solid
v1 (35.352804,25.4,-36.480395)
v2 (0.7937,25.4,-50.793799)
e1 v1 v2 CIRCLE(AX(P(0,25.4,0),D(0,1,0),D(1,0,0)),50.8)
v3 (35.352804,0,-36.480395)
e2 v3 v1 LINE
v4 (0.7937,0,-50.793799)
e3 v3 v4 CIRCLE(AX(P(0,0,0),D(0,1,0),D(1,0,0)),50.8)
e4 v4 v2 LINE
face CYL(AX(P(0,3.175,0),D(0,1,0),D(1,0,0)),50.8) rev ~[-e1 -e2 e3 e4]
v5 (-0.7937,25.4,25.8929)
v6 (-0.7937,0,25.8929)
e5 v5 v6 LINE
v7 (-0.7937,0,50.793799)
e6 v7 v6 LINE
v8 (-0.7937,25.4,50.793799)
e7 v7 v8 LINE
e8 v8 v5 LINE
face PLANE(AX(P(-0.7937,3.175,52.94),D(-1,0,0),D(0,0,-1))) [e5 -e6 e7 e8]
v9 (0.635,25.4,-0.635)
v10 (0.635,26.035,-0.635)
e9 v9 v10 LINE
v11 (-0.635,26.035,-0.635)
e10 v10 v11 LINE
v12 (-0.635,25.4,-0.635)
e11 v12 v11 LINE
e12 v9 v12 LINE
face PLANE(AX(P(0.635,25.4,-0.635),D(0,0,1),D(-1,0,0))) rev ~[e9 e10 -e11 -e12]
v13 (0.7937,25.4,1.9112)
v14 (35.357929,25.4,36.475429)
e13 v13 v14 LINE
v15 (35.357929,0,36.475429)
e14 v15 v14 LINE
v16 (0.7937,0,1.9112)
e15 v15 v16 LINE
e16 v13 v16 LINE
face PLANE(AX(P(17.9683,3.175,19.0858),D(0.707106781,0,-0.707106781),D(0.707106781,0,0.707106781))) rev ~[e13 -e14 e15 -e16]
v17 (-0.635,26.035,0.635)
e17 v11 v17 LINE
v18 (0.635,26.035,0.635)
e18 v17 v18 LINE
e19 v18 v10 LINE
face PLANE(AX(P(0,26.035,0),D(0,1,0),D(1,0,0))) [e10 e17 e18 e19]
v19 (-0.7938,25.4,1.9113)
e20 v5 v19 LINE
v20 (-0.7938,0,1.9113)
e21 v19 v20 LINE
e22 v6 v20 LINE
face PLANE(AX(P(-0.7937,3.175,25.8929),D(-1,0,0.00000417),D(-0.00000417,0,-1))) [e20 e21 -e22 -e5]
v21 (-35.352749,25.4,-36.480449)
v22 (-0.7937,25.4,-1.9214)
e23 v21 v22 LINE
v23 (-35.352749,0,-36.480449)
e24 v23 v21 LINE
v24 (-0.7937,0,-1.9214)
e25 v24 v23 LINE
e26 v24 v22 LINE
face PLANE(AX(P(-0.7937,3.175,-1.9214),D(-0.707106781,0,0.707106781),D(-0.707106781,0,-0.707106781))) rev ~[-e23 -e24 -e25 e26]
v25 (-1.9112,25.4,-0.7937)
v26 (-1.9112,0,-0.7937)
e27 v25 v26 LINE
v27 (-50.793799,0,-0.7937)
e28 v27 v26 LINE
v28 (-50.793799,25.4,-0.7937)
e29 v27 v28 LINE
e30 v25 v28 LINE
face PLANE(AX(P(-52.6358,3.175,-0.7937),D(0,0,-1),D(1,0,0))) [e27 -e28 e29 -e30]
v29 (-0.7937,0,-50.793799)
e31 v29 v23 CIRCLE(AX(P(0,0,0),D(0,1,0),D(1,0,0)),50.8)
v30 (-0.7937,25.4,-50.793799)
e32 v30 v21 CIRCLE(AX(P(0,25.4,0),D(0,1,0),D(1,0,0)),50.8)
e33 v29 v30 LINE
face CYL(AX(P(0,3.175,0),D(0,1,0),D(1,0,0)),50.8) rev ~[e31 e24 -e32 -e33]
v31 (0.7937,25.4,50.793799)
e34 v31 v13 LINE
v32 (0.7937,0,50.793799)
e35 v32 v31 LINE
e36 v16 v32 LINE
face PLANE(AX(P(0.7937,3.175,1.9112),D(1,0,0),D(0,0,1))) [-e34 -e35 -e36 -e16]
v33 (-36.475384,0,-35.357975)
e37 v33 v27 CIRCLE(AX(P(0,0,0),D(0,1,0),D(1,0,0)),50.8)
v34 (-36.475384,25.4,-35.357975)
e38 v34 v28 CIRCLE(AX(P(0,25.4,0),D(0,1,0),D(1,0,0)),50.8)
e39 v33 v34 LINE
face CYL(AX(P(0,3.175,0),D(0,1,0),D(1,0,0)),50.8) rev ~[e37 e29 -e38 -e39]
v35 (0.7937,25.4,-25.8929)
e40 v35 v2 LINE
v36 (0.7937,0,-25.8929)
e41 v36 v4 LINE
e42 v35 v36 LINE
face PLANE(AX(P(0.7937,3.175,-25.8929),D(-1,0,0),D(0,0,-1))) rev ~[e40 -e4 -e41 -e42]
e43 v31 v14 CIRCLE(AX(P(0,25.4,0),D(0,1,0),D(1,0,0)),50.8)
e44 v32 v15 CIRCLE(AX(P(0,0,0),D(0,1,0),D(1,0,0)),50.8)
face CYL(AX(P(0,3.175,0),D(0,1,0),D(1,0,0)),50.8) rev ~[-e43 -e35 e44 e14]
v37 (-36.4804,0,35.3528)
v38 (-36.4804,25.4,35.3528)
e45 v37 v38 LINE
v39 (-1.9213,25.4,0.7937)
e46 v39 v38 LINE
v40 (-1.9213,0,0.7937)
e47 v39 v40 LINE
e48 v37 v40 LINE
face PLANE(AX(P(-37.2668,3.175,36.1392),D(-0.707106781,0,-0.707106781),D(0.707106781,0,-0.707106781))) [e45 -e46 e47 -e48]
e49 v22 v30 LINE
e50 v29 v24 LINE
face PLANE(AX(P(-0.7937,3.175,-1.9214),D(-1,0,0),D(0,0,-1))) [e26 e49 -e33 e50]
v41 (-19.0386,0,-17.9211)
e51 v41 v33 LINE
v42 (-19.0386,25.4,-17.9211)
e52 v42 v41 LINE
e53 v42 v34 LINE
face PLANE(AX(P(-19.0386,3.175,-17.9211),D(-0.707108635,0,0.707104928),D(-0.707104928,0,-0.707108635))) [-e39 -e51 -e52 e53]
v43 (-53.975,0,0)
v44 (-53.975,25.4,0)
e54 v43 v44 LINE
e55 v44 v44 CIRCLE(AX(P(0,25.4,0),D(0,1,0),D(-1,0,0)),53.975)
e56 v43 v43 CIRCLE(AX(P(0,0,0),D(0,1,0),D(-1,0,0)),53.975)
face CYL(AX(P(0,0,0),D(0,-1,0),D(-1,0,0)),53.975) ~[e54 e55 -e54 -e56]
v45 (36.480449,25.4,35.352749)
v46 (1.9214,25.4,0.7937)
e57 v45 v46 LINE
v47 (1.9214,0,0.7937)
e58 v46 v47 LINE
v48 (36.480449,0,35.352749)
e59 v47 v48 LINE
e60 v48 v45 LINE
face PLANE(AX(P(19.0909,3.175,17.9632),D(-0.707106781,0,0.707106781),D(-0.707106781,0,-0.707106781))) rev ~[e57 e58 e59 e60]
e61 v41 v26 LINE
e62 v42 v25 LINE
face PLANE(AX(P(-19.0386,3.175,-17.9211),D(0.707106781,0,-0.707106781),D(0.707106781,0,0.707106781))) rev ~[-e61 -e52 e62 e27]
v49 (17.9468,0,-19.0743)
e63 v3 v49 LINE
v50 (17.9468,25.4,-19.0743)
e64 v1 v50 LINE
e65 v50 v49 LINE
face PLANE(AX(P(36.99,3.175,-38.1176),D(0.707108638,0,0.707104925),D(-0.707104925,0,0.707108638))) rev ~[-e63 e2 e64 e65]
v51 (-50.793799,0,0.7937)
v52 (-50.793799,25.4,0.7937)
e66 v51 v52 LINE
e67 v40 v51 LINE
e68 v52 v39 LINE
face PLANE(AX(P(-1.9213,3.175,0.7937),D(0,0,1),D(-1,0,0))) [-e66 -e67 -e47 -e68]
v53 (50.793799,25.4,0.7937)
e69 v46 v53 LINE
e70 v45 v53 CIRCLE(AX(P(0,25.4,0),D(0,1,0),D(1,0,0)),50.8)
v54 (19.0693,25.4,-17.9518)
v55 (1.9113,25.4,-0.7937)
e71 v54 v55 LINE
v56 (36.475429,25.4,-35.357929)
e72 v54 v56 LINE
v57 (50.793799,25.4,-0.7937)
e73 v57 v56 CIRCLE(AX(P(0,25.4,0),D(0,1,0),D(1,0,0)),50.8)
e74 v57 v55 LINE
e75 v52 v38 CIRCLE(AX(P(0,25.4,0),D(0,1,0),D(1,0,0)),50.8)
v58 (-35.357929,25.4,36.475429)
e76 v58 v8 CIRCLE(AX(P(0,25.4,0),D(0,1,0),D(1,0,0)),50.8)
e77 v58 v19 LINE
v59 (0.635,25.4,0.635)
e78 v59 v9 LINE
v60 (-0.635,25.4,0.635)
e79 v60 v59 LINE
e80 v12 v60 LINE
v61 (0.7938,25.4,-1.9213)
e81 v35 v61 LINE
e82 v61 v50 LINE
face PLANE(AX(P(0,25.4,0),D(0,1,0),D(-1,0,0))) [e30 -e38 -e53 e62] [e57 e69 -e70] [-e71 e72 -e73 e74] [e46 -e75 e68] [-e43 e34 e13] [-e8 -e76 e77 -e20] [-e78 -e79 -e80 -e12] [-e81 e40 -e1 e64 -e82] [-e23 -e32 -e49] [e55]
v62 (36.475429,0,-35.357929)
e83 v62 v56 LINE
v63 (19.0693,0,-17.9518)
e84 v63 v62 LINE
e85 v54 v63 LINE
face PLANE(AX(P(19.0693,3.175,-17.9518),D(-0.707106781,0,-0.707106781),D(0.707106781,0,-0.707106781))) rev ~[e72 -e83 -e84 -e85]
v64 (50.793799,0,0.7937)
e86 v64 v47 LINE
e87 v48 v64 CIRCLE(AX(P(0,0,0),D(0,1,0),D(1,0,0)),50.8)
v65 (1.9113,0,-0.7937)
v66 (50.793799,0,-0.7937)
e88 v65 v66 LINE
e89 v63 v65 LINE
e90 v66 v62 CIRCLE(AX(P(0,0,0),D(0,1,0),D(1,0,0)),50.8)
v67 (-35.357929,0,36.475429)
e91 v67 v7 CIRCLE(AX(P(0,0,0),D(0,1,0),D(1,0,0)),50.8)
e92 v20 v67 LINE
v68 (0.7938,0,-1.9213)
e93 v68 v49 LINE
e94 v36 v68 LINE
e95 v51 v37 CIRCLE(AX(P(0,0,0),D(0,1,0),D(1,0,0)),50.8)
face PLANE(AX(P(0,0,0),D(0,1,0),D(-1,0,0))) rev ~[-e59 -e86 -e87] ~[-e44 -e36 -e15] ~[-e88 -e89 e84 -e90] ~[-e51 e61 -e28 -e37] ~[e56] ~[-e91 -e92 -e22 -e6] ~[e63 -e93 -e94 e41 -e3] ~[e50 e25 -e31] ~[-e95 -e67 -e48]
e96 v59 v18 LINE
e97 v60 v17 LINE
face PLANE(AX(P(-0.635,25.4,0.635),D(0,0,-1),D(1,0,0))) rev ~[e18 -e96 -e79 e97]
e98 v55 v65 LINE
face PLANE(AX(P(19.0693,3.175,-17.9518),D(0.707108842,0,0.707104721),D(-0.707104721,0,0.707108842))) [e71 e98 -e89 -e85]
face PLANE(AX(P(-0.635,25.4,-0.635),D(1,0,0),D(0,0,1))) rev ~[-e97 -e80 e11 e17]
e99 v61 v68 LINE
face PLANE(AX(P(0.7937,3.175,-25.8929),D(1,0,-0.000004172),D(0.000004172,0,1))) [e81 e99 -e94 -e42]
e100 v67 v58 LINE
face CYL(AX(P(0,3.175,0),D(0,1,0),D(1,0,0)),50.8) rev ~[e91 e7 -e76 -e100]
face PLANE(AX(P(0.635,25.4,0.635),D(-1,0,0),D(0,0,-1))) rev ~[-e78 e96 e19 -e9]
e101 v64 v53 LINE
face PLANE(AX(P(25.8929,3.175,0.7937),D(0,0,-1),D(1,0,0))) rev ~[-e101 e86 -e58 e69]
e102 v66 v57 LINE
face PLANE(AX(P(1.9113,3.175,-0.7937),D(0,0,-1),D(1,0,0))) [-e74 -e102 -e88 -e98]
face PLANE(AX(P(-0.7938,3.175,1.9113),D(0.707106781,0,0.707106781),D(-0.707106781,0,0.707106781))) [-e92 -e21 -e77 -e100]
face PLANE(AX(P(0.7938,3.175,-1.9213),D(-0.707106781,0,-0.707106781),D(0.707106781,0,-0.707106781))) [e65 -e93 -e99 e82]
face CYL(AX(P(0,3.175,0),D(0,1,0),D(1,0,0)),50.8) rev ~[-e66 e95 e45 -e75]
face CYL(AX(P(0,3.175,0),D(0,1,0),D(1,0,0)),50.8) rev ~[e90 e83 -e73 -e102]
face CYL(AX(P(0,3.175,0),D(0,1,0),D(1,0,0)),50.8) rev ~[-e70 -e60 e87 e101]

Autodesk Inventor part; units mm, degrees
ref_plane "YZ Plane" through (0, 0, 0) normal (1, 0, 0) x (0, 1, 0)
ref_plane "XZ Plane" through (0, 0, 0) normal (0, 1, 0) x (-1, 0, 0)
ref_plane "XY Plane" through (0, 0, 0) normal (0, 0, 1) x (1, 0, 0)
sketch "Sketch1" plane through (0, 0, 0) normal (0, 1, 0) x (-1, 0, 0)
  circle A0 centre (0, 0) radius 50.8
  circle A1 centre (0, 0) radius 53.975
  dimension "d0" = 101.6
  dimension "d1" = 107.95
extrude "Extrusion1" add sketch "Sketch1" along normal blind 25.4 contours A0 | A1
sketch "Sketch2" plane through (0, 25.4, 0) normal (0, 1, 0) x (1, 0, 0)
  circle A0 centre (0, 0) radius 50.8
  dimension "d4" = 101.6
extrude "Extrusion2" cut sketch "Sketch2" against normal blind 22.225
sketch "Sketch3" plane through (0, 3.175, 0) normal (0, 1, 0) x (1, 0, 0)
  line L0 (-0.7937, 25.8929) -> (0.7937, -25.8929) construction
  line L1 (0.7937, 25.8929) -> (-0.7937, -25.8929) construction
  circle A0 centre (0, 0) radius 53.975 projected
  line L2 (-0.7937, 1.9214) -> (-17.916, 19.0437)
  line L3 (0.7938, 1.9213) -> (17.9468, 19.0743)
  line L4 (0.0335, 1.0941) -> (-0.0357, 1.1633)
  line L5 (0.7937, -1.9112) -> (17.9683, -19.0858)
  line L6 (0.0332, -1.0843) -> (-0.0353, -1.1529)
  line L7 (-0.7938, -1.9113) -> (-17.8495, -18.967)
  line L8 (-0.0332, -1.0842) -> (0.0353, -1.1528)
  line L9 (-0.0335, 1.094) -> (0.0357, 1.1632)
  line L10 (-25.8929, 0.7937) -> (-0.7937, 0.0243) construction
  line L11 (0, 0) -> (25.8929, -0.7937) construction
  line L12 (-25.8929, 0.7937) -> (-1.9112, 0.7937)
  line L13 (-0.0243, 0.7937) -> (0.0243, 0.7937)
  line L14 (1.9113, 0.7937) -> (25.8929, 0.7937)
  line L15 (-0.7937, 1.9214) -> (-0.7937, 25.8929)
  line L16 (-0.7937, -25.8929) -> (-0.7938, -1.9113)
  line L17 (-0.7937, -0.0243) -> (-0.7937, 0.0243)
  line L18 (-1.9213, -0.7937) -> (-25.8929, -0.7937)
  line L19 (25.8929, -0.7937) -> (1.9214, -0.7937)
  line L20 (0.0243, -0.7937) -> (-0.0243, -0.7937)
  line L21 (0.7937, -1.9112) -> (0.7937, -25.8929)
  line L22 (0.7937, 25.8929) -> (0.7938, 1.9213)
  line L23 (0.7937, 0.0243) -> (0.7937, -0.0243)
  line L24 (25.8929, 0.7937) -> (0, 0) construction
  line L25 (-0.7937, -0.0243) -> (-25.8929, -0.7937) construction
  line L26 (19.0693, 17.9518) -> (1.9113, 0.7937)
  line L27 (1.1529, 0.0353) -> (1.0843, -0.0332)
  line L28 (19.0909, -17.9632) -> (1.9214, -0.7937)
  line L29 (1.1633, -0.0357) -> (1.0941, 0.0335)
  line L30 (-18.9721, -17.8445) -> (-1.9213, -0.7937)
  line L31 (-1.1632, -0.0357) -> (-1.094, 0.0335)
  line L32 (-19.0386, 17.9211) -> (-1.9112, 0.7937)
  line L33 (-1.1528, 0.0353) -> (-1.0842, -0.0332)
  line L34 (0.7937, 25.8929) -> (0.7937, 52.3915)
  line L35 (0.7937, 52.3915) -> (-0.7937, 52.3915)
  line L36 (-0.7937, 52.3915) -> (-0.7937, 25.8929)
  line L37 (-19.0386, 17.9211) -> (-38.1124, 36.995)
  line L38 (-38.1124, 36.995) -> (-36.9899, 38.1176)
  line L39 (-36.9899, 38.1176) -> (-17.916, 19.0437)
  line L40 (-25.8929, -0.7937) -> (-52.6358, -0.7937)
  line L41 (-52.6358, -0.7937) -> (-52.6358, 0.7937)
  line L42 (-52.6358, 0.7937) -> (-25.8929, 0.7937)
  line L43 (-17.8495, -18.967) -> (-36.1442, -37.2617)
  line L44 (-36.1442, -37.2617) -> (-37.2668, -36.1392)
  line L45 (-37.2668, -36.1392) -> (-18.9721, -17.8445)
  line L46 (0.7937, -25.8929) -> (0.7937, -52.94)
  line L47 (0.7937, -52.94) -> (-0.7937, -52.94)
  line L48 (-0.7937, -52.94) -> (-0.7937, -25.8929)
  line L49 (17.9683, -19.0858) -> (36.3915, -37.509)
  line L50 (36.3915, -37.509) -> (37.5141, -36.3864)
  line L51 (37.5141, -36.3864) -> (19.0909, -17.9632)
  line L52 (25.8929, -0.7937) -> (52.8491, -0.7937)
  line L53 (52.8491, -0.7937) -> (52.8491, 0.7937)
  line L54 (52.8491, 0.7937) -> (25.8929, 0.7937)
  line L55 (19.0693, 17.9518) -> (38.1125, 36.995)
  line L56 (38.1125, 36.995) -> (36.99, 38.1176)
  line L57 (36.99, 38.1176) -> (17.9468, 19.0743)
  point P0 (0.7938, -0.7937)
  point P1 (-0.7938, 0.7937)
  point P2 (-0.7938, -0.7937)
  point P3 (0.7938, 0.7937)
  dimension "d7" = 1.5875
  dimension "d8" = 1.5875
  dimension "d9" = 1.5875
  dimension "d13" = 1.5875
sketch "Sketch5" plane through (0, 3.175, 0) normal (0, 1, 0) x (1, 0, 0)
  circle A0 centre (0, 0) radius 50.8 projected
  circle A1 centre (0, 0) radius 50.8 projected
  circle A2 centre (0, 0) radius 50.8 projected
  circle A3 centre (0, 0) radius 50.8 projected
  circle A4 centre (0, 0) radius 50.8 projected
  circle A5 centre (0, 0) radius 50.8 projected
  circle A6 centre (0, 0) radius 50.8 projected
  circle A7 centre (0, 0) radius 50.8 projected
extrude "Extrusion5" cut sketch "Sketch5" against normal blind 22.225
sketch "Sketch6" plane through (0, 25.4, 0) normal (0, 1, 0) x (1, 0, 0)
  line L0 (0.635, 0.635) -> (-0.635, 0.635)
  line L1 (-0.635, 0.635) -> (-0.635, -0.635)
  line L2 (-0.635, -0.635) -> (0.635, -0.635)
  line L3 (0.635, -0.635) -> (0.635, 0.635)
  line L4 (0.635, 0.635) -> (-0.635, -0.635) construction
  line L5 (-0.635, 0.635) -> (0.635, -0.635) construction
  point P0 (0, 0)
  dimension "d21" = 1.27
  dimension "d22" = 1.27
extrude "Extrusion6" add sketch "Sketch6" along normal blind 0.635
extrude "Extrusion7" add sketch "Sketch3" along normal blind 22.225 and the other way blind 3.175 contours L15 L36 L35 L34 L22 L3 L57 L56 L55 L26 L14 L54 L53 L52 L19 L28 L51 L50 L49 L5 L21 L46 L47 L48 L16 L7 L43 L44 L45 L30 L18 L40 L41 L42 L12 L32 L37 L38 L39 L2
properties part number "FeedWheel"
